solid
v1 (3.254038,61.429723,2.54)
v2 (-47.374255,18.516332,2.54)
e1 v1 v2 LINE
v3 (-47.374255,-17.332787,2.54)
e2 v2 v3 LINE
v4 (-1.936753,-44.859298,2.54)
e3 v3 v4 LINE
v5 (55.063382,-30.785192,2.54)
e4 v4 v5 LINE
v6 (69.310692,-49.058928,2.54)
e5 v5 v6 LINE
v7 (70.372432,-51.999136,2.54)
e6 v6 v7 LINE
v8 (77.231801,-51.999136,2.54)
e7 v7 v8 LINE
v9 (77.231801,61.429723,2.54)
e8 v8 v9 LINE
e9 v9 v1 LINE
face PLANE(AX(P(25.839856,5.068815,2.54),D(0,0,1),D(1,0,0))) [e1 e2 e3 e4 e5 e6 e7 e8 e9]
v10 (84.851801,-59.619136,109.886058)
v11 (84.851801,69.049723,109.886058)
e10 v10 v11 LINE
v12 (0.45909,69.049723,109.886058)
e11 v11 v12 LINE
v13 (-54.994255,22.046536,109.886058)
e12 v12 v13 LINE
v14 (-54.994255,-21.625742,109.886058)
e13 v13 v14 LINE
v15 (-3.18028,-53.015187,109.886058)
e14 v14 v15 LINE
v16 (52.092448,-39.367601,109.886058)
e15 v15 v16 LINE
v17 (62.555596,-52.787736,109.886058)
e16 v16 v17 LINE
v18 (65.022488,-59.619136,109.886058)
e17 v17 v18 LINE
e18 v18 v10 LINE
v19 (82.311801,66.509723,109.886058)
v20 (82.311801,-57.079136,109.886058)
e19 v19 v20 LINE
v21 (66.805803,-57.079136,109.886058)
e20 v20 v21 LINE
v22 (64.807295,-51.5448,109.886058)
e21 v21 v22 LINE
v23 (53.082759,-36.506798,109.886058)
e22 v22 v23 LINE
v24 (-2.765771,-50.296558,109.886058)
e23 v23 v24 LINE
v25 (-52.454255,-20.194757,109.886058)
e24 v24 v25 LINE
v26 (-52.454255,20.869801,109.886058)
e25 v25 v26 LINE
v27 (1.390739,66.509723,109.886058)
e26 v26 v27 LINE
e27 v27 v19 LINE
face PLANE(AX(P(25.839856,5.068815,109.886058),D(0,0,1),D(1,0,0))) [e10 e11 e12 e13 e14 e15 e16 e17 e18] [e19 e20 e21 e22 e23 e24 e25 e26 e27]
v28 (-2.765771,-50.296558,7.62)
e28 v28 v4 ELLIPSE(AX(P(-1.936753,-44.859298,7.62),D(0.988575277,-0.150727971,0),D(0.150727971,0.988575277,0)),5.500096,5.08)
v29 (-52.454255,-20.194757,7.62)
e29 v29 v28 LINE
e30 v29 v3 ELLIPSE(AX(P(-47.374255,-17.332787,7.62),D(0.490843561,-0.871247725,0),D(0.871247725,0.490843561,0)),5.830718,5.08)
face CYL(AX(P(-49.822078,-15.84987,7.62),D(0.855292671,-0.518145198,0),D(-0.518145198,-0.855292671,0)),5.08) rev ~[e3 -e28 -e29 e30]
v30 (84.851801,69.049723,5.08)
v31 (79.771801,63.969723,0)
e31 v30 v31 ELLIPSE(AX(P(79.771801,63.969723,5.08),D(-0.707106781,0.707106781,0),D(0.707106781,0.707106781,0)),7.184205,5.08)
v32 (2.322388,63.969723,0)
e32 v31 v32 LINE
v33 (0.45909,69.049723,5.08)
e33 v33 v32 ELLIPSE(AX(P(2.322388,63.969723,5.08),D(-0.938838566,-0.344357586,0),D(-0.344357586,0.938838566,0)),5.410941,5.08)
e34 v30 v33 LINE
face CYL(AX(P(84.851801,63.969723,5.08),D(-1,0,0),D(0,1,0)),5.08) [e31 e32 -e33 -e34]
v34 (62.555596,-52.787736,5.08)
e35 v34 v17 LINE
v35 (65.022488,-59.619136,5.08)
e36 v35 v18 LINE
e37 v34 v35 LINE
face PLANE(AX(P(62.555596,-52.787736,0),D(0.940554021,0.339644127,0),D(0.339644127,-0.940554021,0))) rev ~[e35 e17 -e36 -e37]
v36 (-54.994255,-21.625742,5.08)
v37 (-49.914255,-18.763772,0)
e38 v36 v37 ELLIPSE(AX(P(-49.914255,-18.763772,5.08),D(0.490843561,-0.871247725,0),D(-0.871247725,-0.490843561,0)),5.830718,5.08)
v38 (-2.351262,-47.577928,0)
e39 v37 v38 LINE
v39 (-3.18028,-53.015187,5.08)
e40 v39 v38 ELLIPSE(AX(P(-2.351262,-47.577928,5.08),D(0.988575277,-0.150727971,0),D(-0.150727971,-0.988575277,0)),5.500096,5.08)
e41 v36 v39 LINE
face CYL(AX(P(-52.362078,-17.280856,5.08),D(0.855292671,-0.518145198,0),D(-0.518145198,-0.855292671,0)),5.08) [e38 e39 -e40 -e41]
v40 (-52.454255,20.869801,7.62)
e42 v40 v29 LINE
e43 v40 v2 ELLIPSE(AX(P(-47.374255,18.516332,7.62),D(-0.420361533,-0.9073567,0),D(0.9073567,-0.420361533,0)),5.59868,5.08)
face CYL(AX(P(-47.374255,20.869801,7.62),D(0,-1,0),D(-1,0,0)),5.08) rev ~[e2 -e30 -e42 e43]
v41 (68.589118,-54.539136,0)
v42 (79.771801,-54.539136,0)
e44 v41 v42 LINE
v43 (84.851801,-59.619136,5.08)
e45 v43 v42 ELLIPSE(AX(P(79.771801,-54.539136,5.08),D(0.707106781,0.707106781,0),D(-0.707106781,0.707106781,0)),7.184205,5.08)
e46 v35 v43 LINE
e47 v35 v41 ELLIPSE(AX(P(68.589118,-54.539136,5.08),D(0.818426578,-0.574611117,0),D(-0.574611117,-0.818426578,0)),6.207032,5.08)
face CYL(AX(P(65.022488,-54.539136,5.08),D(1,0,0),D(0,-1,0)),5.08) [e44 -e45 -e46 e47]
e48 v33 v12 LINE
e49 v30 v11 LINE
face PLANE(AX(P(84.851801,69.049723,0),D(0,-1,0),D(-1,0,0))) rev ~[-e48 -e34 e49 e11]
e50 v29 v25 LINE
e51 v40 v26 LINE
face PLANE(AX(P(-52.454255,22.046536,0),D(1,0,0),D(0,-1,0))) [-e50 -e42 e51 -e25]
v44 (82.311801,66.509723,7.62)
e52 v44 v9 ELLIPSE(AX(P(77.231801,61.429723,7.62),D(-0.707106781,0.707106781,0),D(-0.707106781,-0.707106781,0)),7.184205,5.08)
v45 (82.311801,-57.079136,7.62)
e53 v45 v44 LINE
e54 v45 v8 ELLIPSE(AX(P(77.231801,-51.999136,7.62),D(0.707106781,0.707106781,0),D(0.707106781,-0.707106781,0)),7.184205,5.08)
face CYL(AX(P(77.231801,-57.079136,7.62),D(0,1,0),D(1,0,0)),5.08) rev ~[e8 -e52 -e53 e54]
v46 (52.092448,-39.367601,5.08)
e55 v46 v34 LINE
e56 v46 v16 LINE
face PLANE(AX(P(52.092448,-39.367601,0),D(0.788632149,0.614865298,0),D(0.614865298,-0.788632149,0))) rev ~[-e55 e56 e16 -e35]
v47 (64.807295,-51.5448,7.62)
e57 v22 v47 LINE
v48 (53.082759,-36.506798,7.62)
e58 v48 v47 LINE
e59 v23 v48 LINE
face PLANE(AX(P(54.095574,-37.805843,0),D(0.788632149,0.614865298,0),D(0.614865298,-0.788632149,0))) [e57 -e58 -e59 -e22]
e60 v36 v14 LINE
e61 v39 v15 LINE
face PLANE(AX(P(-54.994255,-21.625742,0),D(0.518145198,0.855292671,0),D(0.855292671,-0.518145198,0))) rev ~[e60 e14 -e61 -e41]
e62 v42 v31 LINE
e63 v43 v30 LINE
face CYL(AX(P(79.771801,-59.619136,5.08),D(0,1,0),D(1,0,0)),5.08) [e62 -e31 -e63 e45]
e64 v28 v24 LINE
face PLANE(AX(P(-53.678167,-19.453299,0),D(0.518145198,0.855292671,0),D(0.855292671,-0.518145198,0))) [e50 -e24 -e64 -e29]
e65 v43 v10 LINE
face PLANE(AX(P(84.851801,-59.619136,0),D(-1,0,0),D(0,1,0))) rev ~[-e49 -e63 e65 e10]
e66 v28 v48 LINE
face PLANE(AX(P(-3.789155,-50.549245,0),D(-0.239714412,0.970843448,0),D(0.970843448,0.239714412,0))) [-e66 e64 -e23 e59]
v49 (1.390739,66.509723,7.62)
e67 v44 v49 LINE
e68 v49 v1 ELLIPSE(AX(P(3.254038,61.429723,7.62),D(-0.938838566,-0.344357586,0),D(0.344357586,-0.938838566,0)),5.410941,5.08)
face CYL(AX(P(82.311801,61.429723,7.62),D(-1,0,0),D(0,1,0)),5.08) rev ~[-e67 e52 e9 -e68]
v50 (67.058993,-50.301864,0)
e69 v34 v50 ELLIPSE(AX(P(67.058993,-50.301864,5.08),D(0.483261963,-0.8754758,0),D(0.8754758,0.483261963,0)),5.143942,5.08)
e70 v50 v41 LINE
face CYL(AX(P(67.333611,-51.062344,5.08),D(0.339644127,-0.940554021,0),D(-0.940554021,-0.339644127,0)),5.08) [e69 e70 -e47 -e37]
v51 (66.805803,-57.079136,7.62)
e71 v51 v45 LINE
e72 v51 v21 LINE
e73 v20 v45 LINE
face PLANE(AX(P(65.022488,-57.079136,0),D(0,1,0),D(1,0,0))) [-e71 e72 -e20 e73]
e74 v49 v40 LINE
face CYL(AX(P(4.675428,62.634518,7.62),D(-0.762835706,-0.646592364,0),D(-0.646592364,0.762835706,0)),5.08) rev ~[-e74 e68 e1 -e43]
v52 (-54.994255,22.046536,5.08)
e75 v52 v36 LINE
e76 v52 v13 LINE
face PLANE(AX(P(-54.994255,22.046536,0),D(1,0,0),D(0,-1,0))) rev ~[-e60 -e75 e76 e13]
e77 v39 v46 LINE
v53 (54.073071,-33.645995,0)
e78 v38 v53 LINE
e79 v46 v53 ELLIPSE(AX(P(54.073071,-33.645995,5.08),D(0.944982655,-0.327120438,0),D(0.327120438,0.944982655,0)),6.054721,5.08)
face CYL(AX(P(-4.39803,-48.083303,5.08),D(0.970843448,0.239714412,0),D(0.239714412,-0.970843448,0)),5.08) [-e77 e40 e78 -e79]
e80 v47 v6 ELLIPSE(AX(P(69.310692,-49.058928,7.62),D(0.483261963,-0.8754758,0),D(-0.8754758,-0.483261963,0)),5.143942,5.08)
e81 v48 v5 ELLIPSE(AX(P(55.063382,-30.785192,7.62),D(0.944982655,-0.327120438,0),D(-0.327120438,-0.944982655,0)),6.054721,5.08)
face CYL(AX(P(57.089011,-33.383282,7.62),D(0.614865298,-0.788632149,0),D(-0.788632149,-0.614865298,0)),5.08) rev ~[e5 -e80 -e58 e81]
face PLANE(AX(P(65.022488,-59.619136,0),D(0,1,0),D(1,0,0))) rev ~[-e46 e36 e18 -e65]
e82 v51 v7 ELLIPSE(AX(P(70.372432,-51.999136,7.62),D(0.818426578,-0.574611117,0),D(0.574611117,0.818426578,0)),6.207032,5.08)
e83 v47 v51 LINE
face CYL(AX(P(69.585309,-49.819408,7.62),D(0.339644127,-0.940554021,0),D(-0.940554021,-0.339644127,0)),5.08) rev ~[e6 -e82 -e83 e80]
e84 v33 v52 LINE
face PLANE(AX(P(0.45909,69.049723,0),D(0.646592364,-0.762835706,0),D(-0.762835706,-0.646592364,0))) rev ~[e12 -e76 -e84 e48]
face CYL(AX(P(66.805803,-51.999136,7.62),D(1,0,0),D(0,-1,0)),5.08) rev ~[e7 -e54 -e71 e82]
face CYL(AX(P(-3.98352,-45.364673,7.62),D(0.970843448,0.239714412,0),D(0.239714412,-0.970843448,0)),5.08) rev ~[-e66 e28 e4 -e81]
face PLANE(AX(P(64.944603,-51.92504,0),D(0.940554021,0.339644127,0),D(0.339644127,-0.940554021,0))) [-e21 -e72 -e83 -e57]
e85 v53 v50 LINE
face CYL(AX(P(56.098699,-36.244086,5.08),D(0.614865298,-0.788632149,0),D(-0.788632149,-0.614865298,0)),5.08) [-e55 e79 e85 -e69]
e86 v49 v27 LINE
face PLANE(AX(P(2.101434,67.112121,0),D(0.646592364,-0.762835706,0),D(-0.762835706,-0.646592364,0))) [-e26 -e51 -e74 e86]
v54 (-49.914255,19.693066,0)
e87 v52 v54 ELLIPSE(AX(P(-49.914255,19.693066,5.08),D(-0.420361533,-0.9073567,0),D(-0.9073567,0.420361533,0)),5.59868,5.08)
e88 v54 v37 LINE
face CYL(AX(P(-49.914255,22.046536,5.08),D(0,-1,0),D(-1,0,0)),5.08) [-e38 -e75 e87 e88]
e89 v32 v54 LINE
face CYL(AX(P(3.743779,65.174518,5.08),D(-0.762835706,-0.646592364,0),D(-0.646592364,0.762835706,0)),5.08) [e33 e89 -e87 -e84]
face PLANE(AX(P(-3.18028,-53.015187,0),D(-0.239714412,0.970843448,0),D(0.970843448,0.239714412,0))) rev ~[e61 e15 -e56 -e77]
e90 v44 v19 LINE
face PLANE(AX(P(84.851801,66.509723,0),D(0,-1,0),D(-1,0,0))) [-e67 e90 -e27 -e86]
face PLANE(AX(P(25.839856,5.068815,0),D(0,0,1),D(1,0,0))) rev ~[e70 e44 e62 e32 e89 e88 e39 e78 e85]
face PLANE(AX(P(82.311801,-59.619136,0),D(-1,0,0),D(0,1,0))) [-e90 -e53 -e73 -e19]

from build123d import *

# Parameters (mm, degrees)
F1_DEPTH = 109.8860576749
F2_T     = -2.54
F3_R     = 5.08
F4_R     = 5.08


with BuildPart() as f1:
    # F0 (on Top) → F1 (new body)
    with BuildSketch(Plane.XY):
        Polygon((84.8518013954, -59.6191361547), (84.8518013954, 69.0497234464), (0.4590898752, 69.0497234464), (-54.9942553043, 22.0465362072), (-54.9942553043, -21.6257423162), (-3.1802803278, -53.0151873827), (52.0924478769, -39.3676012754), (62.5555962324, -52.7877360582), (65.0224879491, -59.6191361547), align=None)
    extrude(amount=F1_DEPTH)

    # F2
    f2_openings = [f1.faces().sort_by_distance(p)[0] for p in [
        (22.309592, 7.913715, 109.886058),
    ]]
    offset(amount=F2_T, openings=f2_openings, kind=Kind.INTERSECTION)

    # F3
    f3_edges = [f1.edges().sort_by_distance(p)[0] for p in [
        (74.558802, -57.079136, 2.54),
        (65.806549, -54.311968, 2.54),
        (58.945027, -44.025799, 2.54),
        (25.158494, -43.401678, 2.54),
        (-27.610013, -35.245657, 2.54),
        (-52.454255, 0.337522, 2.54),
        (-25.531758, 43.689762, 2.54),
        (41.85127, 66.509723, 2.54),
        (82.311801, 4.715294, 2.54),
    ]]
    fillet(f3_edges, radius=F3_R)

    # F4
    f4_edges = [f1.edges().sort_by_distance(p)[0] for p in [
        (84.851801, 4.715294, 0),
        (42.655446, 69.049723, 0),
        (-27.267583, 45.54813, 0),
        (-54.994255, 0.210397, 0),
        (-29.087268, -37.320465, 0),
        (24.456084, -46.191394, 0),
        (57.324022, -46.077669, 0),
        (63.789042, -56.203436, 0),
        (74.937145, -59.619136, 0),
    ]]
    fillet(f4_edges, radius=F4_R)


solid = f1.part
